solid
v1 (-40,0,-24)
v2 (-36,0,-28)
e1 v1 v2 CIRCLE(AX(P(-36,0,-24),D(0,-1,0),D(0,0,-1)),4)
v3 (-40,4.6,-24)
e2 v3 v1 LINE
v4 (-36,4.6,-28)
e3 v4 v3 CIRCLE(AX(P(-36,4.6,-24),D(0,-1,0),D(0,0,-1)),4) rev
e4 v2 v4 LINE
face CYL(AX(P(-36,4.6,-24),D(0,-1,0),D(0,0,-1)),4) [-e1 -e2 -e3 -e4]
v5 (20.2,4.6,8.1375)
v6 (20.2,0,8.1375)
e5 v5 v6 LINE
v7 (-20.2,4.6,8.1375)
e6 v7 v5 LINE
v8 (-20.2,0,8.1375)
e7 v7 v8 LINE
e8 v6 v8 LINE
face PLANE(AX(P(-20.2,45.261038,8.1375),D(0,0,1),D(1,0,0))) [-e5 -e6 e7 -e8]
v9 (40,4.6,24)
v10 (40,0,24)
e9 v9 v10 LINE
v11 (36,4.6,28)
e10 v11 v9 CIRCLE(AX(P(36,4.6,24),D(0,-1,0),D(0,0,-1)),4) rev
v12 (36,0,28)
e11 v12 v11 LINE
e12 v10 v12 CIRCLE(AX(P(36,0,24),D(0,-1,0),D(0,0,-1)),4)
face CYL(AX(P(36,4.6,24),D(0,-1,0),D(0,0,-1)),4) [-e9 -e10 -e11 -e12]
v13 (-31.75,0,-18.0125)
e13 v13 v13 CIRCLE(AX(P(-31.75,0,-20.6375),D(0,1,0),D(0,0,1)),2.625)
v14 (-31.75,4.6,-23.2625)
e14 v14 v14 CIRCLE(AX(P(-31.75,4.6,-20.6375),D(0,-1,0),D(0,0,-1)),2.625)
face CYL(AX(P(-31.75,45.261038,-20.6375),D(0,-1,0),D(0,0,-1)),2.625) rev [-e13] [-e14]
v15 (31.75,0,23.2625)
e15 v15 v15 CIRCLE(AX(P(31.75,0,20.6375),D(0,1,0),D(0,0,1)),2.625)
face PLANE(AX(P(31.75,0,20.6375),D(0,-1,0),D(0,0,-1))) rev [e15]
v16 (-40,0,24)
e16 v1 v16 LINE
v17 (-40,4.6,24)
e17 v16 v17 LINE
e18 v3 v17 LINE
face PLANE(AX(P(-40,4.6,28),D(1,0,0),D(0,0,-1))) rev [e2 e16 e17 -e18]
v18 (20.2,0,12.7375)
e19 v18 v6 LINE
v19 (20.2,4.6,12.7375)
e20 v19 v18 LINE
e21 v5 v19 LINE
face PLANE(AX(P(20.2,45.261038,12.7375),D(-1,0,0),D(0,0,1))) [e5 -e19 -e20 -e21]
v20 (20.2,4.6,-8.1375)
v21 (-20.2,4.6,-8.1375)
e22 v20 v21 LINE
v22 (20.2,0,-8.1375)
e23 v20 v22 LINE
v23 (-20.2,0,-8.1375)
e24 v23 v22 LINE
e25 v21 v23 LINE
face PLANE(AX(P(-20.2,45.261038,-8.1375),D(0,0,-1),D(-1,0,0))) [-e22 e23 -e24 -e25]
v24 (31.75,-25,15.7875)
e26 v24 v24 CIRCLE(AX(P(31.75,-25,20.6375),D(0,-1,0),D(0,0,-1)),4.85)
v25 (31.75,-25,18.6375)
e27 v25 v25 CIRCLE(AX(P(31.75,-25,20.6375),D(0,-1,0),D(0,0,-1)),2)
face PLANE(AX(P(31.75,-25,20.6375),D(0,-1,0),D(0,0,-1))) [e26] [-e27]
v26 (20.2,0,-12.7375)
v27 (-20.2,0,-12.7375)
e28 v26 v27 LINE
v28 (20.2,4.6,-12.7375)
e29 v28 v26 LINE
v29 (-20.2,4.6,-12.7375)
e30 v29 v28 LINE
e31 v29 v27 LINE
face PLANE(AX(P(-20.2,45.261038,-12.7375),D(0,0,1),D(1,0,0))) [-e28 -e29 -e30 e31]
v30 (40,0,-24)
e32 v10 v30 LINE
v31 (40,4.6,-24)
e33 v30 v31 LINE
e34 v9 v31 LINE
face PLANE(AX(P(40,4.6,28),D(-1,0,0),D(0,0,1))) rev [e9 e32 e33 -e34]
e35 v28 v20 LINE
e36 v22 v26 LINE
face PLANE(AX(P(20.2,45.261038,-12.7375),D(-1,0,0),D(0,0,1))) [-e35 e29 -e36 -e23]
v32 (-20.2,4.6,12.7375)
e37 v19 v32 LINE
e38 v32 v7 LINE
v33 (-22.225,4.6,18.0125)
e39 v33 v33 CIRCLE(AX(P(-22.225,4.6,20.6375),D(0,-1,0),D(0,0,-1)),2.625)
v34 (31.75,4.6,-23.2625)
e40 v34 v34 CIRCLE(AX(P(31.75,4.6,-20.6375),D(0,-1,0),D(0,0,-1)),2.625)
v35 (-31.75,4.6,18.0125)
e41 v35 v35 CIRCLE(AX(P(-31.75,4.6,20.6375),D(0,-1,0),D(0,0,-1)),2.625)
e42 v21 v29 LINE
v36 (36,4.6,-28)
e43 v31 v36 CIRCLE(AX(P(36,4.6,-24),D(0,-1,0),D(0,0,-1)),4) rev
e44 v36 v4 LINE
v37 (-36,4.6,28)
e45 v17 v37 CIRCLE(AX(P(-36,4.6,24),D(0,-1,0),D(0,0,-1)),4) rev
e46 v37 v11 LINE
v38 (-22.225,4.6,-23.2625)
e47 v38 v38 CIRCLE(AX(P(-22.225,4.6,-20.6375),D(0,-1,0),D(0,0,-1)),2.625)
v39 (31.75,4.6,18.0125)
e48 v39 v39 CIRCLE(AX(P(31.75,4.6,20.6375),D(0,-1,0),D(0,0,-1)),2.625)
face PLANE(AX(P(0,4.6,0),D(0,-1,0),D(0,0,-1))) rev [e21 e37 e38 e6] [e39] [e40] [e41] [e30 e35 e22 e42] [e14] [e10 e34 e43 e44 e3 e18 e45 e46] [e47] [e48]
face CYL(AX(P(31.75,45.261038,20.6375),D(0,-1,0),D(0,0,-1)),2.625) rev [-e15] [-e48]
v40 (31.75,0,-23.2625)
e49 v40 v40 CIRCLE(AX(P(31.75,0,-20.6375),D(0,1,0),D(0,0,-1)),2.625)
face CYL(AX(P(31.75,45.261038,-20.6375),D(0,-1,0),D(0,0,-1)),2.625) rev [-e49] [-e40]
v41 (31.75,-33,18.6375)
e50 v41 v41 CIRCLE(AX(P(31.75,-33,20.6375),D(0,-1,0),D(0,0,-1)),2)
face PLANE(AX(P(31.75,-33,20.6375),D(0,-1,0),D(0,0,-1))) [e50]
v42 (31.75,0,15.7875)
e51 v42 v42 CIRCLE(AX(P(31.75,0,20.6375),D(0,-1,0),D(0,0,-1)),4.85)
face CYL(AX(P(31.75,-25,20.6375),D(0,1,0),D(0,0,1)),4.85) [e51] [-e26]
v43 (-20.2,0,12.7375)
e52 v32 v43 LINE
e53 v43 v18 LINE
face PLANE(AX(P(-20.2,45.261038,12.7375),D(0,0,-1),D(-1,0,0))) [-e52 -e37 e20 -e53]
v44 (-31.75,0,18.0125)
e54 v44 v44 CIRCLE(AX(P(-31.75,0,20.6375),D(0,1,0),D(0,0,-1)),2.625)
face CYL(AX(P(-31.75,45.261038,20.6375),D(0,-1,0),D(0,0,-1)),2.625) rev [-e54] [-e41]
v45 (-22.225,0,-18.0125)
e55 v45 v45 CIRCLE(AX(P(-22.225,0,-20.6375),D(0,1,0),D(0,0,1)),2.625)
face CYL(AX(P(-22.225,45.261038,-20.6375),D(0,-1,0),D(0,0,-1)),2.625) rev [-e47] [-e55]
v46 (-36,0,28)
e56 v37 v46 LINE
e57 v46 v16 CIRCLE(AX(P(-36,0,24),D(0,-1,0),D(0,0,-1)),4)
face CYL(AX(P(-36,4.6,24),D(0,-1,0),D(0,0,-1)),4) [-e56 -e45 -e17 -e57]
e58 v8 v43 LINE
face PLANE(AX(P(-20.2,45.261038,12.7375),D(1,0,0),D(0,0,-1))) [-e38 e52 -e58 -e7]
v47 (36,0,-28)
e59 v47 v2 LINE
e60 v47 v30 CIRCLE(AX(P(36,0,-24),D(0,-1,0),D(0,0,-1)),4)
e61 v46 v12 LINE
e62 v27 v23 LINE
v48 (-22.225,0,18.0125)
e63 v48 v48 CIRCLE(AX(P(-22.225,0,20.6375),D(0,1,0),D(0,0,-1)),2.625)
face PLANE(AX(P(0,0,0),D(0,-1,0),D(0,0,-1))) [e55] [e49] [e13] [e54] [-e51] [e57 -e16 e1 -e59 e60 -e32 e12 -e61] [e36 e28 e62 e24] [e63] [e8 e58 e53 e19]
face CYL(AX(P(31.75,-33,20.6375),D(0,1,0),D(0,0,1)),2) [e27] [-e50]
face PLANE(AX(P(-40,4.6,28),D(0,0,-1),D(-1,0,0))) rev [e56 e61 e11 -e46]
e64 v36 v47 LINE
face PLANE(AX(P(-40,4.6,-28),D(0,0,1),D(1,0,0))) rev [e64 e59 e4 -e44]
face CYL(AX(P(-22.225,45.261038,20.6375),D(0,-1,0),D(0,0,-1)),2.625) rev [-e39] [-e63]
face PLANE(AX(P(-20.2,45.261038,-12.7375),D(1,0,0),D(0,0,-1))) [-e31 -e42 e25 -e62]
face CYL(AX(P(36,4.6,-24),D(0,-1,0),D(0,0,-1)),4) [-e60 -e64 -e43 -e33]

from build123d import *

# Parameters (mm, degrees)
SKETCH_3_W          = 80
SKETCH_3_H          = 56
EXTRUDE_1_DEPTH     = 4.6
SKETCH_1_R          = 2.625
SKETCH_1_W          = 40.4
SKETCH_1_H          = 4.6
CUT_EXTRUDE_1_DEPTH = 4.6
SKETCH_5_R          = 4.85
EXTRUDE_2_DEPTH     = 25
SKETCH_6_R          = 2
EXTRUDE_3_DEPTH     = 8
FILLET_2_R          = 4


with BuildPart() as part:
    # 草图3 → 凸台-拉伸1 (new body)
    with BuildSketch(Plane(origin=(0, 0, 0), x_dir=(1, 0, 0), z_dir=(0, 1, 0))):
        Rectangle(SKETCH_3_W, SKETCH_3_H)
    extrude(amount=EXTRUDE_1_DEPTH)

    # 草图1 → 切除-拉伸1 (cut)
    with BuildSketch(Plane(origin=(0, 0, 0), x_dir=(1, 0, 0), z_dir=(0, 1, 0))):
        with Locations(Location((-31.75, 20.6375, 0), (0, 0, 90))):
            Circle(SKETCH_1_R)
        with Locations(Location((31.75, 20.6375, 0), (0, 0, 90))):
            Circle(SKETCH_1_R)
        with Locations(Location((31.75, -20.6375, 0), (0, 0, 90))):
            Circle(SKETCH_1_R)
        with Locations(Location((-31.75, -20.6375, 0), (0, 0, 90))):
            Circle(SKETCH_1_R)
        with Locations(Location((-22.225, 20.6375, 0), (0, 0, 90))):
            Circle(SKETCH_1_R)
        with Locations(Location((-22.225, -20.6375, 0), (0, 0, 90))):
            Circle(SKETCH_1_R)
        with Locations((0, -10.4375)):
            Rectangle(SKETCH_1_W, SKETCH_1_H)
        with Locations((0, 10.4375)):
            Rectangle(SKETCH_1_W, SKETCH_1_H)
    extrude(amount=CUT_EXTRUDE_1_DEPTH, mode=Mode.SUBTRACT)

    # 草图5 → 凸台-拉伸2 (add)
    with BuildSketch(Plane.XZ):
        with Locations(Location((31.75, 20.6375, 0), (0, 0, 270))):
            Circle(SKETCH_5_R)
    extrude(amount=EXTRUDE_2_DEPTH)

    # 草图6 → 凸台-拉伸3 (add)
    with BuildSketch(Plane.XZ.offset(25)):
        with Locations(Location((31.75, 20.6375, 0), (0, 0, 270))):
            Circle(SKETCH_6_R)
    extrude(amount=EXTRUDE_3_DEPTH)

    # 圆角2
    fillet_2_edges = [part.edges().sort_by_distance(p)[0] for p in [
        (40, 2.3, 28),
        (-40, 2.3, 28),
        (-40, 2.3, -28),
        (40, 2.3, -28),
    ]]
    fillet(fillet_2_edges, radius=FILLET_2_R)


solid = part.part
